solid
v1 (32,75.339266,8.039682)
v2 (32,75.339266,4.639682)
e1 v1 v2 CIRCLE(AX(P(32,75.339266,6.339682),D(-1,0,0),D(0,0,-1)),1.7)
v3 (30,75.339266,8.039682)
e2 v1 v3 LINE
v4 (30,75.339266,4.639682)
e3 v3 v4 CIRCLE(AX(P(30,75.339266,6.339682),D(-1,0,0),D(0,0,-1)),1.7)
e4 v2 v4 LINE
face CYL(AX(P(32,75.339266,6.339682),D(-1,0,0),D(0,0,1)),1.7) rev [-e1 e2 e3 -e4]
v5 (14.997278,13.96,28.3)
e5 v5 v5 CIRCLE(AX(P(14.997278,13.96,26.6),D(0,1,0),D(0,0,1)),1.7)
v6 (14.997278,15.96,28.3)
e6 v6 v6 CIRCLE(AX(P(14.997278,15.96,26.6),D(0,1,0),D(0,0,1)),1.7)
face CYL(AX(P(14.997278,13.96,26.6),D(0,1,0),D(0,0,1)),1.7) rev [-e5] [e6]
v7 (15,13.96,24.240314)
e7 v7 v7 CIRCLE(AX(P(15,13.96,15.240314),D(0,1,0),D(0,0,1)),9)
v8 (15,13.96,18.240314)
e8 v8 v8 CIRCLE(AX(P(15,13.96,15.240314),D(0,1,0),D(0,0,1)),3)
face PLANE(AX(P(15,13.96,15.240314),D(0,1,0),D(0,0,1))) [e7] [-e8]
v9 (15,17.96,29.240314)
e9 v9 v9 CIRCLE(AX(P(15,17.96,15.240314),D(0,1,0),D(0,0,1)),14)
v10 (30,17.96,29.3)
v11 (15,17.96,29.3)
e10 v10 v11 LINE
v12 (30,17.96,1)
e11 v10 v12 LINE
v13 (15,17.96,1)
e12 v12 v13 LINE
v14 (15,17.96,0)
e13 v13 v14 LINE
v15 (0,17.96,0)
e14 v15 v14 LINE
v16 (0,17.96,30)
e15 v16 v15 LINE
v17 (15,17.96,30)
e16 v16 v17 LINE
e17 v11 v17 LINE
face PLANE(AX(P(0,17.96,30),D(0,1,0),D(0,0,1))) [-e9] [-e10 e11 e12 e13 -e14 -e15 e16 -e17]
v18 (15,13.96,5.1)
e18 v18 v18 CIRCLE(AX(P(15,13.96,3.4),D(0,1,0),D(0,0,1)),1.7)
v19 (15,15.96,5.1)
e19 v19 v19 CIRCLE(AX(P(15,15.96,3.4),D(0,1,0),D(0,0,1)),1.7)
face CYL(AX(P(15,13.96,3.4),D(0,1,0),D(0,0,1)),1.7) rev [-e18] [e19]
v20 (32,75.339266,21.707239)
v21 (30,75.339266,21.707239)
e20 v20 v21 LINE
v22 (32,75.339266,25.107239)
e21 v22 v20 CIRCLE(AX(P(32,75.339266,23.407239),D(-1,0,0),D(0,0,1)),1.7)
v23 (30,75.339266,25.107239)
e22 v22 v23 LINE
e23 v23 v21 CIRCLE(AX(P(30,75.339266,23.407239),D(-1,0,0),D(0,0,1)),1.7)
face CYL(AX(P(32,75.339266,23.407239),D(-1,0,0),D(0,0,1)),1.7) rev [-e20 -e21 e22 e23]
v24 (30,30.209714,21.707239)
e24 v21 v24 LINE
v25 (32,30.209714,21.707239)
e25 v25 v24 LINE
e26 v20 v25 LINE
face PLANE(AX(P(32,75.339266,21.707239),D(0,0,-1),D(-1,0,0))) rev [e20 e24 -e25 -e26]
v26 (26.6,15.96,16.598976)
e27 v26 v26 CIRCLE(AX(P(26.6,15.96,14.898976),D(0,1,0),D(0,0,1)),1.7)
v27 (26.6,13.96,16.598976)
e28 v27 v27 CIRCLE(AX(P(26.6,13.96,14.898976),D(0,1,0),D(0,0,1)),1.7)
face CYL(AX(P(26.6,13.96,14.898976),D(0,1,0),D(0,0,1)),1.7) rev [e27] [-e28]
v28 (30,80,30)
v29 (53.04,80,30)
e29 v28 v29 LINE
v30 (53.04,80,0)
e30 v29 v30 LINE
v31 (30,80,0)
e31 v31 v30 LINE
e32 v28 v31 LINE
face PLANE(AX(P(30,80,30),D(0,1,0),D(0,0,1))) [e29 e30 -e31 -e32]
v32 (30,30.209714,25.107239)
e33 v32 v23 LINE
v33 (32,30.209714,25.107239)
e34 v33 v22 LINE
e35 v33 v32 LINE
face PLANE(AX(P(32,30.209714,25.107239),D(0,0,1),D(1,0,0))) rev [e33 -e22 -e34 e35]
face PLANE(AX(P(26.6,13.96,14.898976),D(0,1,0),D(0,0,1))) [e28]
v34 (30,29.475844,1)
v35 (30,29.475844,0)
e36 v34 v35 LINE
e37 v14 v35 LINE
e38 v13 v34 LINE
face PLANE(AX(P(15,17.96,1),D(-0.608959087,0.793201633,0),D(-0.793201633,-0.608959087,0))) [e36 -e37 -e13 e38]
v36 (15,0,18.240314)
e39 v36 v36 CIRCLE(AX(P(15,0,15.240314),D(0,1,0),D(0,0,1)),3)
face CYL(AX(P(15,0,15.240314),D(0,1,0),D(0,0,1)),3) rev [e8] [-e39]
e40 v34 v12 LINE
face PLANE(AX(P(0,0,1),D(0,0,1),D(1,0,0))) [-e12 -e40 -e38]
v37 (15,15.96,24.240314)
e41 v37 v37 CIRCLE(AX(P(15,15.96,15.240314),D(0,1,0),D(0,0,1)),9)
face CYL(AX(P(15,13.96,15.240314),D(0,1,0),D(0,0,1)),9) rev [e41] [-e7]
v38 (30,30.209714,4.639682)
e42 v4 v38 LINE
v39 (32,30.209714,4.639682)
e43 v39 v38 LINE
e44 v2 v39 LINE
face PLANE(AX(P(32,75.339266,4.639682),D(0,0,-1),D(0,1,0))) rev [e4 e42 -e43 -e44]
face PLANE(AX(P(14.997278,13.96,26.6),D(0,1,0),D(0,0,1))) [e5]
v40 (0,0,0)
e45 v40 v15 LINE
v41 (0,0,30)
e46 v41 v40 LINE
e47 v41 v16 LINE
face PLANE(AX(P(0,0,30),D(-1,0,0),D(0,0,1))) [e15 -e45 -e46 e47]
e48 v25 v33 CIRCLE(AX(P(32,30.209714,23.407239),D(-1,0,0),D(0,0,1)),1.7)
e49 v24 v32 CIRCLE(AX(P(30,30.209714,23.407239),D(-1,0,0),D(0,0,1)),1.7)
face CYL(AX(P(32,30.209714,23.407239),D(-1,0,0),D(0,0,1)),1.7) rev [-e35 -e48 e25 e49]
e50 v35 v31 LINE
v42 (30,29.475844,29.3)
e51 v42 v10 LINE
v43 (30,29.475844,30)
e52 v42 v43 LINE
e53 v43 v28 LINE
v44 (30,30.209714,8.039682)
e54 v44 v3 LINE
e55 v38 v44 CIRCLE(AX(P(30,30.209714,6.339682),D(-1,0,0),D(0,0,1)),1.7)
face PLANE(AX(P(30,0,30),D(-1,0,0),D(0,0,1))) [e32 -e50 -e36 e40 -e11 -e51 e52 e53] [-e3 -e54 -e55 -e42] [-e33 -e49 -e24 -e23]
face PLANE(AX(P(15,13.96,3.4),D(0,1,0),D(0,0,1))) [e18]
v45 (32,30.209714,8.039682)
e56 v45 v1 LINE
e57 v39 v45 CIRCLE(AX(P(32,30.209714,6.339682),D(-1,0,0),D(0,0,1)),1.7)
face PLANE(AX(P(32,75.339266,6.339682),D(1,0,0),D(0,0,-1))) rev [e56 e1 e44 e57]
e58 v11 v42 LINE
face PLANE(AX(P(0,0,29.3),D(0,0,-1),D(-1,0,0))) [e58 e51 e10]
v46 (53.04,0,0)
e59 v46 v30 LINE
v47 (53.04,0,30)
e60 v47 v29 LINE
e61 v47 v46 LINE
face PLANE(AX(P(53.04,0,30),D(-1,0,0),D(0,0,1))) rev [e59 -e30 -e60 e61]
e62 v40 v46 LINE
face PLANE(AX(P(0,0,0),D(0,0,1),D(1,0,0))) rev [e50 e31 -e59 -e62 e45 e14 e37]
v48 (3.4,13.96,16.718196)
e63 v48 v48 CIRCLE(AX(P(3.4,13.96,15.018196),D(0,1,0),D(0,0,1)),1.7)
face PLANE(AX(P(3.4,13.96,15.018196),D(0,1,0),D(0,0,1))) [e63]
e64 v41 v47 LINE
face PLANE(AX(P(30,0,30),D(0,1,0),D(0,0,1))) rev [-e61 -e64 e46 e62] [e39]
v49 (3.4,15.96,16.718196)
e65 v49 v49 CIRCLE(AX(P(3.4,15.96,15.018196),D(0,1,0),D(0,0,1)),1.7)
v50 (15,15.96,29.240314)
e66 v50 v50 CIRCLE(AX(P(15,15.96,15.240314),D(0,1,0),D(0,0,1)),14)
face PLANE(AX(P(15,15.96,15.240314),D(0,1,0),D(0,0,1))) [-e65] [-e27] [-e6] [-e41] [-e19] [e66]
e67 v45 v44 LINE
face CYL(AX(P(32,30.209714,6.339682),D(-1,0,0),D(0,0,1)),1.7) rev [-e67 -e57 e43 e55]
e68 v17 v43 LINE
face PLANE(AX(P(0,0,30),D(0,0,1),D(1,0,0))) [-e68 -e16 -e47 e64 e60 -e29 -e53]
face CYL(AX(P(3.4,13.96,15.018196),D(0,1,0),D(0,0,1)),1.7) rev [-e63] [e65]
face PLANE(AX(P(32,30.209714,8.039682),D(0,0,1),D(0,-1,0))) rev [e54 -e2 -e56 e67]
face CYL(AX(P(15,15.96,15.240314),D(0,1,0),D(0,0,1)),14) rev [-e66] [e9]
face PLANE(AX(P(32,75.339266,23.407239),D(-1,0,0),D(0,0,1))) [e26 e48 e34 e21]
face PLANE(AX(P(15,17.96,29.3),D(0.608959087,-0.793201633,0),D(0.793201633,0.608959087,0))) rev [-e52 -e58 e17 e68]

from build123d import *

# Parameters (mm, degrees)
SKETCH1_W           = 30
SKETCH1_H           = 17.96
BOSS_EXTRUDE1_DEPTH = 30
SKETCH2_R           = 14
CUT_EXTRUDE1_DEPTH  = 2
SKETCH3_R           = 1.7
CUT_EXTRUDE2_DEPTH  = 2
SKETCH4_R           = 9
CUT_EXTRUDE3_DEPTH  = 2
SKETCH5_R           = 3
CUT_EXTRUDE6_DEPTH  = 90.858350753
CUT_EXTRUDE7_DEPTH  = 2
BOSS_EXTRUDE2_DEPTH = 1
EXTRUDE_THIN1_DEPTH = 0.7


with BuildPart() as part:
    # Sketch1 → Boss-Extrude1 (new body)
    with BuildSketch(Plane.XY):
        with Locations((15, 8.98)):
            Rectangle(SKETCH1_W, SKETCH1_H)
        Polygon((30, 17.96), (30, 0), (53.04, 0), (53.04, 80), (30, 80), align=None)
    extrude(amount=BOSS_EXTRUDE1_DEPTH)

    # Sketch2 → Cut-Extrude1 (cut)
    with BuildSketch(Plane(origin=(0, 17.96, 0), x_dir=(1, 0, 0), z_dir=(0, 1, 0))):
        with Locations(Location((15, -15.240313603, 0), (0, 0, 270))):
            Circle(SKETCH2_R)
    extrude(amount=-CUT_EXTRUDE1_DEPTH, mode=Mode.SUBTRACT)

    # Sketch3 → Cut-Extrude2 (cut)
    with BuildSketch(Plane(origin=(0, 15.96, 0), x_dir=(1, 0, 0), z_dir=(0, 1, 0))):
        with Locations(Location((15, -3.4, 0), (0, 0, 270))):
            Circle(SKETCH3_R)
        with Locations(Location((26.6, -14.898975901, 0), (0, 0, 270))):
            Circle(SKETCH3_R)
        with Locations(Location((14.997277846, -26.6, 0), (0, 0, 270))):
            Circle(SKETCH3_R)
        with Locations(Location((3.4, -15.0181958, 0), (0, 0, 270))):
            Circle(SKETCH3_R)
    extrude(amount=-CUT_EXTRUDE2_DEPTH, mode=Mode.SUBTRACT)

    # Sketch4 → Cut-Extrude3 (cut)
    with BuildSketch(Plane(origin=(0, 15.96, 0), x_dir=(1, 0, 0), z_dir=(0, 1, 0))):
        with Locations(Location((15, -15.240313603, 0), (0, 0, 270))):
            Circle(SKETCH4_R)
    extrude(amount=-CUT_EXTRUDE3_DEPTH, mode=Mode.SUBTRACT)

    # Sketch5 → Cut-Extrude6 (cut, through all)
    with BuildSketch(Plane(origin=(0, 13.96, 0), x_dir=(1, 0, 0), z_dir=(0, 1, 0))):
        with Locations(Location((15, -15.240313603, 0), (0, 0, 270))):
            Circle(SKETCH5_R)
    extrude(amount=-CUT_EXTRUDE6_DEPTH, mode=Mode.SUBTRACT)

    # Sketch6 → Cut-Extrude7 (cut)
    with BuildSketch(Plane.ZY.offset(-30)):
        with BuildLine():
            Line((4.639681938, 75.339266158), (4.639681938, 30.209714413))
            ThreePointArc((4.639681938, 30.209714413), (6.339681938, 28.509714413), (8.039681938, 30.209714413))
            Line((8.039681938, 30.209714413), (8.039681938, 75.339266158))
            ThreePointArc((8.039681938, 75.339266158), (6.339681938, 77.039266158), (4.639681938, 75.339266158))
        make_face()
        with BuildLine():
            Line((21.70723863, 75.339266158), (21.70723863, 30.209714413))
            ThreePointArc((21.70723863, 30.209714413), (23.40723863, 28.509714413), (25.10723863, 30.209714413))
            Line((25.10723863, 30.209714413), (25.10723863, 75.339266158))
            ThreePointArc((25.10723863, 75.339266158), (23.40723863, 77.039266158), (21.70723863, 75.339266158))
        make_face()
    extrude(amount=-CUT_EXTRUDE7_DEPTH, mode=Mode.SUBTRACT)

    # Sketch7 → Boss-Extrude2 (add)
    with BuildSketch(Plane(origin=(0, 0, 0), x_dir=(-1, 0, 0), z_dir=(0, 0, -1))):
        Polygon((-15, 17.96), (-30, 29.475844043), (-30, 17.96), align=None)
    extrude(amount=-BOSS_EXTRUDE2_DEPTH)

    # Sketch8 → Extrude-Thin1 (add)
    with BuildSketch(Plane.XY.offset(30)):
        Polygon((15, 17.96), (30, 29.475844043), (36.089590867, 21.543827713), (21.089590867, 10.027983669), align=None)
    extrude(amount=-EXTRUDE_THIN1_DEPTH)


solid = part.part
